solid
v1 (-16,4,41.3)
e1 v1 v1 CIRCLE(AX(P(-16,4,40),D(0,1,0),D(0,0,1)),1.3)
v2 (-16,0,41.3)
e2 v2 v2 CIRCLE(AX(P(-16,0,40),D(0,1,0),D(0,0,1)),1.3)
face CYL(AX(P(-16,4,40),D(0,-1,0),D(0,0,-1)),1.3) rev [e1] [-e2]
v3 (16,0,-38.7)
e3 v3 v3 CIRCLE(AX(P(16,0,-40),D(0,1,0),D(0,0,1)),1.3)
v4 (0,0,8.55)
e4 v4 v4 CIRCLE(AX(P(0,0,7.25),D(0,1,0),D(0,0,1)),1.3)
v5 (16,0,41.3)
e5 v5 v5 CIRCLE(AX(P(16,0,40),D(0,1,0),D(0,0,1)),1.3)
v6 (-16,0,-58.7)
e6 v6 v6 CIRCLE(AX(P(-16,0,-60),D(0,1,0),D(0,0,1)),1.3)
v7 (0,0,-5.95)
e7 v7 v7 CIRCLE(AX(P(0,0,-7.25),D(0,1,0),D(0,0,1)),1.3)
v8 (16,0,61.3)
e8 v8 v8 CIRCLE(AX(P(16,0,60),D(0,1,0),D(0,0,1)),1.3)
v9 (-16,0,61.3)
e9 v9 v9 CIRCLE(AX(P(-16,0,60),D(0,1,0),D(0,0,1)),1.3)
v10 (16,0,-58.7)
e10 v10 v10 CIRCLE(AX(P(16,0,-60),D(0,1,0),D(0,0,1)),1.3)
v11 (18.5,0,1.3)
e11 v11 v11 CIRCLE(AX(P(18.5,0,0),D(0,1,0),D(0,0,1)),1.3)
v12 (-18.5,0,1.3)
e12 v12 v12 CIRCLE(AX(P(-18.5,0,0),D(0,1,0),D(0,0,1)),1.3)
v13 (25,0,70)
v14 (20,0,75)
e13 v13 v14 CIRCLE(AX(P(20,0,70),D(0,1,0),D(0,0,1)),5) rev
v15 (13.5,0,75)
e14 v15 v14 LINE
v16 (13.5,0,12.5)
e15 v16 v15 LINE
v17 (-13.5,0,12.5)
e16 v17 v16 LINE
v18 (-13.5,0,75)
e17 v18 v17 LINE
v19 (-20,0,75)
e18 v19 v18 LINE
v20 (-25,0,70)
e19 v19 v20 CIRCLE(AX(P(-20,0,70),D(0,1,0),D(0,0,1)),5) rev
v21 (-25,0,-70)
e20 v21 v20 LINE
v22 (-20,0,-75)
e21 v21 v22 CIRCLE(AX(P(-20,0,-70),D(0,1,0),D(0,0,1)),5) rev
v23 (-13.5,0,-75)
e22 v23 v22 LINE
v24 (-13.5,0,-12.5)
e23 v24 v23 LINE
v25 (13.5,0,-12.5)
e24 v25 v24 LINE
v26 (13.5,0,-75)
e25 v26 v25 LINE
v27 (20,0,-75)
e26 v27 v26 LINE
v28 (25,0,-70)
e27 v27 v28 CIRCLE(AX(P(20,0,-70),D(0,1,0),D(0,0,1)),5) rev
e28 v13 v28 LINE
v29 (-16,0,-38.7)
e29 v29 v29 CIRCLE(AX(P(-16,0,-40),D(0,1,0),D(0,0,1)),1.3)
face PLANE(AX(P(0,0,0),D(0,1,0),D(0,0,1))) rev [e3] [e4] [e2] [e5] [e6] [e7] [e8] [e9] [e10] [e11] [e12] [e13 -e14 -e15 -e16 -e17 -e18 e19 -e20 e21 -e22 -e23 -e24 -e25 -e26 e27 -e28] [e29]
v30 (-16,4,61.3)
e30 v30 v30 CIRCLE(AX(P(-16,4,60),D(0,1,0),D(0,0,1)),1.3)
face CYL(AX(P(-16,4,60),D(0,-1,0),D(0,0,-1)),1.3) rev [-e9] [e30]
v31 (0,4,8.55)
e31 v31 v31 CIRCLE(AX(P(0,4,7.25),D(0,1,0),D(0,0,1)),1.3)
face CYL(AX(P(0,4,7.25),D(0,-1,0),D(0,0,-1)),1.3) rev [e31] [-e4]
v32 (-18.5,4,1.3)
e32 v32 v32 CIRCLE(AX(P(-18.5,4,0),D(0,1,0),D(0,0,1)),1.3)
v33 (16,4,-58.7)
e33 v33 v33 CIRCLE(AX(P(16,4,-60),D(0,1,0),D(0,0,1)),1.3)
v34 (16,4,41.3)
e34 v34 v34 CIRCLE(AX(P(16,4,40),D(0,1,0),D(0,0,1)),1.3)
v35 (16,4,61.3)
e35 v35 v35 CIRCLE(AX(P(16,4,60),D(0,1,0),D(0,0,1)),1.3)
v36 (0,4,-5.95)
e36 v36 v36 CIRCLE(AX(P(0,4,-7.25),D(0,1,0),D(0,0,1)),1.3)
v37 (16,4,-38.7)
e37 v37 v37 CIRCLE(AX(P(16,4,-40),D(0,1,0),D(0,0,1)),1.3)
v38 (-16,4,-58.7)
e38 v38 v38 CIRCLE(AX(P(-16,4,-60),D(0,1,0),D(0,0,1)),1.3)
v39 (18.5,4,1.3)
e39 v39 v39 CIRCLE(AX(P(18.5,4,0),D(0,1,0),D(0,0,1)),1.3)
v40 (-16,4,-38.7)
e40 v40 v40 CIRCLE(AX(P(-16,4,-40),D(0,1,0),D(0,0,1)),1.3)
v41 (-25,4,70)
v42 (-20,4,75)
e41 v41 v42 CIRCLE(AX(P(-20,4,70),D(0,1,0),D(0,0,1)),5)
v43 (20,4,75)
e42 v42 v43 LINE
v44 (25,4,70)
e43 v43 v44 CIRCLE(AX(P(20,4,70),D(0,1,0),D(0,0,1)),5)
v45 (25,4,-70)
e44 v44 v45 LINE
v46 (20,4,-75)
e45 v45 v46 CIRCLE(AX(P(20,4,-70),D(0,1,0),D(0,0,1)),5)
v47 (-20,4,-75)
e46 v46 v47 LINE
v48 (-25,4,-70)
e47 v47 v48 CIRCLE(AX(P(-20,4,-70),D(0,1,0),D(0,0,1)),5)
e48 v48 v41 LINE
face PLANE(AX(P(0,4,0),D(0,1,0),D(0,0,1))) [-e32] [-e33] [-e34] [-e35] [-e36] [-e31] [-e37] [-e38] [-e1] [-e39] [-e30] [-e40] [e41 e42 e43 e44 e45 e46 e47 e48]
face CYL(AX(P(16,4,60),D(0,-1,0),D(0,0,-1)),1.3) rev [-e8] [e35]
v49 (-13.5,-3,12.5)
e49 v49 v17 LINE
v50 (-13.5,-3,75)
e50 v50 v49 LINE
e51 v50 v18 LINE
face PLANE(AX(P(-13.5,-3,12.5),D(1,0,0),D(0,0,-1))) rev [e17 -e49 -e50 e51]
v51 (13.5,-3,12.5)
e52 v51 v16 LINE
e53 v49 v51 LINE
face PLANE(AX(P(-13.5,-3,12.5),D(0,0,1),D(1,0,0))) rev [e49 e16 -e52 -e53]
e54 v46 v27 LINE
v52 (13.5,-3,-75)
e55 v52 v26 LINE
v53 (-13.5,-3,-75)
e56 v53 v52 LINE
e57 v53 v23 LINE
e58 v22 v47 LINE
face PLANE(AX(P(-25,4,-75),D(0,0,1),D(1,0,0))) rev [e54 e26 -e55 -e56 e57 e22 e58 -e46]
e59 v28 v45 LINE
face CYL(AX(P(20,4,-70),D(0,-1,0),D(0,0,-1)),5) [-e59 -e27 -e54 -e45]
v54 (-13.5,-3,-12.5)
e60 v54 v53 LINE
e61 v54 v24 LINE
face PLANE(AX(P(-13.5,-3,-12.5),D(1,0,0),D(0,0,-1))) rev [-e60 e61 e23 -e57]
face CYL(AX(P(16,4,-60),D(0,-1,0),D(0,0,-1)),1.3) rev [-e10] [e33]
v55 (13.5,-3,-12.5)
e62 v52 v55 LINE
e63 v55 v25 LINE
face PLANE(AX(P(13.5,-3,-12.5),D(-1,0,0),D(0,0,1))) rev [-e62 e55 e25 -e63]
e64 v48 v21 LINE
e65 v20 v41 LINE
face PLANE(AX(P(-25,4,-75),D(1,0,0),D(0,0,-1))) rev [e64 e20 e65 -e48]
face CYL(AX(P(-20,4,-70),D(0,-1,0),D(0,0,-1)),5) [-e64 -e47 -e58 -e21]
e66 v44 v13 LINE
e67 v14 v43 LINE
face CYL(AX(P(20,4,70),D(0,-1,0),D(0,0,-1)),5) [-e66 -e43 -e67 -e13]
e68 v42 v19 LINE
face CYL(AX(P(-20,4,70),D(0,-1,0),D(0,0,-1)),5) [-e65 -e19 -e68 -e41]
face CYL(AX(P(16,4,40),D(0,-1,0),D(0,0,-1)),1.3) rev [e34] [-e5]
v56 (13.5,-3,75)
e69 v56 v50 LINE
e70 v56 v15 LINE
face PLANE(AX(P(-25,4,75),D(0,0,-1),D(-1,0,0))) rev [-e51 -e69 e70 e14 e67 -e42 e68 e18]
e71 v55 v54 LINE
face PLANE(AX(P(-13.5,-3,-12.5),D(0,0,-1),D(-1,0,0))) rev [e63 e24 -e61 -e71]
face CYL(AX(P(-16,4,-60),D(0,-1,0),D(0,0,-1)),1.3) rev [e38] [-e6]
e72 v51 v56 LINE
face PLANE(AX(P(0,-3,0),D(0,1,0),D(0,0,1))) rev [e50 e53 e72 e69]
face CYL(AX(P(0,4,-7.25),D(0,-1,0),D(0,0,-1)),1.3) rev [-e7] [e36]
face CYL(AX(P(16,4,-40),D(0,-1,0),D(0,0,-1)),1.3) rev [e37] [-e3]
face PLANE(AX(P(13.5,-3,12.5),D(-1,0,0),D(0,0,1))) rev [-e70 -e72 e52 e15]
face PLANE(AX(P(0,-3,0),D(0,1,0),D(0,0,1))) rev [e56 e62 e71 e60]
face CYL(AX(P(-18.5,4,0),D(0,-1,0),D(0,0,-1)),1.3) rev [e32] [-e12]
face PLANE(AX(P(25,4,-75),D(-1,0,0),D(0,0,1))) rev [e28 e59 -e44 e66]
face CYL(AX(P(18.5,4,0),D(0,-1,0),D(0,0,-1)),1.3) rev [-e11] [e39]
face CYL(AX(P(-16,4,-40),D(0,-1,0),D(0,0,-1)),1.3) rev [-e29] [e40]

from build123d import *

# Parameters (mm, degrees)
SKETCH_1_W      = 50
SKETCH_1_H      = 150
SKETCH_1_R      = 1.3
EXTRUDE_1_DEPTH = 4
SKETCH_3_W      = 27
SKETCH_3_H      = 62.5
EXTRUDE_2_DEPTH = 3
FILLET_1_R      = 5


with BuildPart() as part:
    # 草图1 → 凸台-拉伸1 (new body)
    with BuildSketch(Plane(origin=(0, 0, 0), x_dir=(1, 0, 0), z_dir=(0, 1, 0))):
        Rectangle(SKETCH_1_W, SKETCH_1_H)
        with Locations(Location((0, 7.25, 0), (0, 0, 270))):
            Circle(SKETCH_1_R, mode=Mode.SUBTRACT)
        with Locations(Location((0, -7.25, 0), (0, 0, 270))):
            Circle(SKETCH_1_R, mode=Mode.SUBTRACT)
        with Locations(Location((-18.5, 0, 0), (0, 0, 270))):
            Circle(SKETCH_1_R, mode=Mode.SUBTRACT)
        with Locations(Location((18.5, 0, 0), (0, 0, 270))):
            Circle(SKETCH_1_R, mode=Mode.SUBTRACT)
        with Locations(Location((-16, -40, 0), (0, 0, 270))):
            Circle(SKETCH_1_R, mode=Mode.SUBTRACT)
        with Locations(Location((16, -40, 0), (0, 0, 270))):
            Circle(SKETCH_1_R, mode=Mode.SUBTRACT)
        with Locations(Location((-16, -60, 0), (0, 0, 270))):
            Circle(SKETCH_1_R, mode=Mode.SUBTRACT)
        with Locations(Location((16, -60, 0), (0, 0, 270))):
            Circle(SKETCH_1_R, mode=Mode.SUBTRACT)
        with Locations(Location((-16, 40, 0), (0, 0, 270))):
            Circle(SKETCH_1_R, mode=Mode.SUBTRACT)
        with Locations(Location((16, 40, 0), (0, 0, 270))):
            Circle(SKETCH_1_R, mode=Mode.SUBTRACT)
        with Locations(Location((-16, 60, 0), (0, 0, 270))):
            Circle(SKETCH_1_R, mode=Mode.SUBTRACT)
        with Locations(Location((16, 60, 0), (0, 0, 270))):
            Circle(SKETCH_1_R, mode=Mode.SUBTRACT)
    extrude(amount=EXTRUDE_1_DEPTH)

    # 草图3 → 凸台-拉伸2 (add)
    with BuildSketch(Plane.XZ):
        with Locations((0, 43.75)):
            Rectangle(SKETCH_3_W, SKETCH_3_H)
        with Locations((0, -43.75)):
            Rectangle(SKETCH_3_W, SKETCH_3_H)
    extrude(amount=EXTRUDE_2_DEPTH)

    # 圆角1
    fillet_1_edges = [part.edges().sort_by_distance(p)[0] for p in [
        (25, 2, 75),
        (-25, 2, 75),
        (-25, 2, -75),
        (25, 2, -75),
    ]]
    fillet(fillet_1_edges, radius=FILLET_1_R)


solid = part.part
